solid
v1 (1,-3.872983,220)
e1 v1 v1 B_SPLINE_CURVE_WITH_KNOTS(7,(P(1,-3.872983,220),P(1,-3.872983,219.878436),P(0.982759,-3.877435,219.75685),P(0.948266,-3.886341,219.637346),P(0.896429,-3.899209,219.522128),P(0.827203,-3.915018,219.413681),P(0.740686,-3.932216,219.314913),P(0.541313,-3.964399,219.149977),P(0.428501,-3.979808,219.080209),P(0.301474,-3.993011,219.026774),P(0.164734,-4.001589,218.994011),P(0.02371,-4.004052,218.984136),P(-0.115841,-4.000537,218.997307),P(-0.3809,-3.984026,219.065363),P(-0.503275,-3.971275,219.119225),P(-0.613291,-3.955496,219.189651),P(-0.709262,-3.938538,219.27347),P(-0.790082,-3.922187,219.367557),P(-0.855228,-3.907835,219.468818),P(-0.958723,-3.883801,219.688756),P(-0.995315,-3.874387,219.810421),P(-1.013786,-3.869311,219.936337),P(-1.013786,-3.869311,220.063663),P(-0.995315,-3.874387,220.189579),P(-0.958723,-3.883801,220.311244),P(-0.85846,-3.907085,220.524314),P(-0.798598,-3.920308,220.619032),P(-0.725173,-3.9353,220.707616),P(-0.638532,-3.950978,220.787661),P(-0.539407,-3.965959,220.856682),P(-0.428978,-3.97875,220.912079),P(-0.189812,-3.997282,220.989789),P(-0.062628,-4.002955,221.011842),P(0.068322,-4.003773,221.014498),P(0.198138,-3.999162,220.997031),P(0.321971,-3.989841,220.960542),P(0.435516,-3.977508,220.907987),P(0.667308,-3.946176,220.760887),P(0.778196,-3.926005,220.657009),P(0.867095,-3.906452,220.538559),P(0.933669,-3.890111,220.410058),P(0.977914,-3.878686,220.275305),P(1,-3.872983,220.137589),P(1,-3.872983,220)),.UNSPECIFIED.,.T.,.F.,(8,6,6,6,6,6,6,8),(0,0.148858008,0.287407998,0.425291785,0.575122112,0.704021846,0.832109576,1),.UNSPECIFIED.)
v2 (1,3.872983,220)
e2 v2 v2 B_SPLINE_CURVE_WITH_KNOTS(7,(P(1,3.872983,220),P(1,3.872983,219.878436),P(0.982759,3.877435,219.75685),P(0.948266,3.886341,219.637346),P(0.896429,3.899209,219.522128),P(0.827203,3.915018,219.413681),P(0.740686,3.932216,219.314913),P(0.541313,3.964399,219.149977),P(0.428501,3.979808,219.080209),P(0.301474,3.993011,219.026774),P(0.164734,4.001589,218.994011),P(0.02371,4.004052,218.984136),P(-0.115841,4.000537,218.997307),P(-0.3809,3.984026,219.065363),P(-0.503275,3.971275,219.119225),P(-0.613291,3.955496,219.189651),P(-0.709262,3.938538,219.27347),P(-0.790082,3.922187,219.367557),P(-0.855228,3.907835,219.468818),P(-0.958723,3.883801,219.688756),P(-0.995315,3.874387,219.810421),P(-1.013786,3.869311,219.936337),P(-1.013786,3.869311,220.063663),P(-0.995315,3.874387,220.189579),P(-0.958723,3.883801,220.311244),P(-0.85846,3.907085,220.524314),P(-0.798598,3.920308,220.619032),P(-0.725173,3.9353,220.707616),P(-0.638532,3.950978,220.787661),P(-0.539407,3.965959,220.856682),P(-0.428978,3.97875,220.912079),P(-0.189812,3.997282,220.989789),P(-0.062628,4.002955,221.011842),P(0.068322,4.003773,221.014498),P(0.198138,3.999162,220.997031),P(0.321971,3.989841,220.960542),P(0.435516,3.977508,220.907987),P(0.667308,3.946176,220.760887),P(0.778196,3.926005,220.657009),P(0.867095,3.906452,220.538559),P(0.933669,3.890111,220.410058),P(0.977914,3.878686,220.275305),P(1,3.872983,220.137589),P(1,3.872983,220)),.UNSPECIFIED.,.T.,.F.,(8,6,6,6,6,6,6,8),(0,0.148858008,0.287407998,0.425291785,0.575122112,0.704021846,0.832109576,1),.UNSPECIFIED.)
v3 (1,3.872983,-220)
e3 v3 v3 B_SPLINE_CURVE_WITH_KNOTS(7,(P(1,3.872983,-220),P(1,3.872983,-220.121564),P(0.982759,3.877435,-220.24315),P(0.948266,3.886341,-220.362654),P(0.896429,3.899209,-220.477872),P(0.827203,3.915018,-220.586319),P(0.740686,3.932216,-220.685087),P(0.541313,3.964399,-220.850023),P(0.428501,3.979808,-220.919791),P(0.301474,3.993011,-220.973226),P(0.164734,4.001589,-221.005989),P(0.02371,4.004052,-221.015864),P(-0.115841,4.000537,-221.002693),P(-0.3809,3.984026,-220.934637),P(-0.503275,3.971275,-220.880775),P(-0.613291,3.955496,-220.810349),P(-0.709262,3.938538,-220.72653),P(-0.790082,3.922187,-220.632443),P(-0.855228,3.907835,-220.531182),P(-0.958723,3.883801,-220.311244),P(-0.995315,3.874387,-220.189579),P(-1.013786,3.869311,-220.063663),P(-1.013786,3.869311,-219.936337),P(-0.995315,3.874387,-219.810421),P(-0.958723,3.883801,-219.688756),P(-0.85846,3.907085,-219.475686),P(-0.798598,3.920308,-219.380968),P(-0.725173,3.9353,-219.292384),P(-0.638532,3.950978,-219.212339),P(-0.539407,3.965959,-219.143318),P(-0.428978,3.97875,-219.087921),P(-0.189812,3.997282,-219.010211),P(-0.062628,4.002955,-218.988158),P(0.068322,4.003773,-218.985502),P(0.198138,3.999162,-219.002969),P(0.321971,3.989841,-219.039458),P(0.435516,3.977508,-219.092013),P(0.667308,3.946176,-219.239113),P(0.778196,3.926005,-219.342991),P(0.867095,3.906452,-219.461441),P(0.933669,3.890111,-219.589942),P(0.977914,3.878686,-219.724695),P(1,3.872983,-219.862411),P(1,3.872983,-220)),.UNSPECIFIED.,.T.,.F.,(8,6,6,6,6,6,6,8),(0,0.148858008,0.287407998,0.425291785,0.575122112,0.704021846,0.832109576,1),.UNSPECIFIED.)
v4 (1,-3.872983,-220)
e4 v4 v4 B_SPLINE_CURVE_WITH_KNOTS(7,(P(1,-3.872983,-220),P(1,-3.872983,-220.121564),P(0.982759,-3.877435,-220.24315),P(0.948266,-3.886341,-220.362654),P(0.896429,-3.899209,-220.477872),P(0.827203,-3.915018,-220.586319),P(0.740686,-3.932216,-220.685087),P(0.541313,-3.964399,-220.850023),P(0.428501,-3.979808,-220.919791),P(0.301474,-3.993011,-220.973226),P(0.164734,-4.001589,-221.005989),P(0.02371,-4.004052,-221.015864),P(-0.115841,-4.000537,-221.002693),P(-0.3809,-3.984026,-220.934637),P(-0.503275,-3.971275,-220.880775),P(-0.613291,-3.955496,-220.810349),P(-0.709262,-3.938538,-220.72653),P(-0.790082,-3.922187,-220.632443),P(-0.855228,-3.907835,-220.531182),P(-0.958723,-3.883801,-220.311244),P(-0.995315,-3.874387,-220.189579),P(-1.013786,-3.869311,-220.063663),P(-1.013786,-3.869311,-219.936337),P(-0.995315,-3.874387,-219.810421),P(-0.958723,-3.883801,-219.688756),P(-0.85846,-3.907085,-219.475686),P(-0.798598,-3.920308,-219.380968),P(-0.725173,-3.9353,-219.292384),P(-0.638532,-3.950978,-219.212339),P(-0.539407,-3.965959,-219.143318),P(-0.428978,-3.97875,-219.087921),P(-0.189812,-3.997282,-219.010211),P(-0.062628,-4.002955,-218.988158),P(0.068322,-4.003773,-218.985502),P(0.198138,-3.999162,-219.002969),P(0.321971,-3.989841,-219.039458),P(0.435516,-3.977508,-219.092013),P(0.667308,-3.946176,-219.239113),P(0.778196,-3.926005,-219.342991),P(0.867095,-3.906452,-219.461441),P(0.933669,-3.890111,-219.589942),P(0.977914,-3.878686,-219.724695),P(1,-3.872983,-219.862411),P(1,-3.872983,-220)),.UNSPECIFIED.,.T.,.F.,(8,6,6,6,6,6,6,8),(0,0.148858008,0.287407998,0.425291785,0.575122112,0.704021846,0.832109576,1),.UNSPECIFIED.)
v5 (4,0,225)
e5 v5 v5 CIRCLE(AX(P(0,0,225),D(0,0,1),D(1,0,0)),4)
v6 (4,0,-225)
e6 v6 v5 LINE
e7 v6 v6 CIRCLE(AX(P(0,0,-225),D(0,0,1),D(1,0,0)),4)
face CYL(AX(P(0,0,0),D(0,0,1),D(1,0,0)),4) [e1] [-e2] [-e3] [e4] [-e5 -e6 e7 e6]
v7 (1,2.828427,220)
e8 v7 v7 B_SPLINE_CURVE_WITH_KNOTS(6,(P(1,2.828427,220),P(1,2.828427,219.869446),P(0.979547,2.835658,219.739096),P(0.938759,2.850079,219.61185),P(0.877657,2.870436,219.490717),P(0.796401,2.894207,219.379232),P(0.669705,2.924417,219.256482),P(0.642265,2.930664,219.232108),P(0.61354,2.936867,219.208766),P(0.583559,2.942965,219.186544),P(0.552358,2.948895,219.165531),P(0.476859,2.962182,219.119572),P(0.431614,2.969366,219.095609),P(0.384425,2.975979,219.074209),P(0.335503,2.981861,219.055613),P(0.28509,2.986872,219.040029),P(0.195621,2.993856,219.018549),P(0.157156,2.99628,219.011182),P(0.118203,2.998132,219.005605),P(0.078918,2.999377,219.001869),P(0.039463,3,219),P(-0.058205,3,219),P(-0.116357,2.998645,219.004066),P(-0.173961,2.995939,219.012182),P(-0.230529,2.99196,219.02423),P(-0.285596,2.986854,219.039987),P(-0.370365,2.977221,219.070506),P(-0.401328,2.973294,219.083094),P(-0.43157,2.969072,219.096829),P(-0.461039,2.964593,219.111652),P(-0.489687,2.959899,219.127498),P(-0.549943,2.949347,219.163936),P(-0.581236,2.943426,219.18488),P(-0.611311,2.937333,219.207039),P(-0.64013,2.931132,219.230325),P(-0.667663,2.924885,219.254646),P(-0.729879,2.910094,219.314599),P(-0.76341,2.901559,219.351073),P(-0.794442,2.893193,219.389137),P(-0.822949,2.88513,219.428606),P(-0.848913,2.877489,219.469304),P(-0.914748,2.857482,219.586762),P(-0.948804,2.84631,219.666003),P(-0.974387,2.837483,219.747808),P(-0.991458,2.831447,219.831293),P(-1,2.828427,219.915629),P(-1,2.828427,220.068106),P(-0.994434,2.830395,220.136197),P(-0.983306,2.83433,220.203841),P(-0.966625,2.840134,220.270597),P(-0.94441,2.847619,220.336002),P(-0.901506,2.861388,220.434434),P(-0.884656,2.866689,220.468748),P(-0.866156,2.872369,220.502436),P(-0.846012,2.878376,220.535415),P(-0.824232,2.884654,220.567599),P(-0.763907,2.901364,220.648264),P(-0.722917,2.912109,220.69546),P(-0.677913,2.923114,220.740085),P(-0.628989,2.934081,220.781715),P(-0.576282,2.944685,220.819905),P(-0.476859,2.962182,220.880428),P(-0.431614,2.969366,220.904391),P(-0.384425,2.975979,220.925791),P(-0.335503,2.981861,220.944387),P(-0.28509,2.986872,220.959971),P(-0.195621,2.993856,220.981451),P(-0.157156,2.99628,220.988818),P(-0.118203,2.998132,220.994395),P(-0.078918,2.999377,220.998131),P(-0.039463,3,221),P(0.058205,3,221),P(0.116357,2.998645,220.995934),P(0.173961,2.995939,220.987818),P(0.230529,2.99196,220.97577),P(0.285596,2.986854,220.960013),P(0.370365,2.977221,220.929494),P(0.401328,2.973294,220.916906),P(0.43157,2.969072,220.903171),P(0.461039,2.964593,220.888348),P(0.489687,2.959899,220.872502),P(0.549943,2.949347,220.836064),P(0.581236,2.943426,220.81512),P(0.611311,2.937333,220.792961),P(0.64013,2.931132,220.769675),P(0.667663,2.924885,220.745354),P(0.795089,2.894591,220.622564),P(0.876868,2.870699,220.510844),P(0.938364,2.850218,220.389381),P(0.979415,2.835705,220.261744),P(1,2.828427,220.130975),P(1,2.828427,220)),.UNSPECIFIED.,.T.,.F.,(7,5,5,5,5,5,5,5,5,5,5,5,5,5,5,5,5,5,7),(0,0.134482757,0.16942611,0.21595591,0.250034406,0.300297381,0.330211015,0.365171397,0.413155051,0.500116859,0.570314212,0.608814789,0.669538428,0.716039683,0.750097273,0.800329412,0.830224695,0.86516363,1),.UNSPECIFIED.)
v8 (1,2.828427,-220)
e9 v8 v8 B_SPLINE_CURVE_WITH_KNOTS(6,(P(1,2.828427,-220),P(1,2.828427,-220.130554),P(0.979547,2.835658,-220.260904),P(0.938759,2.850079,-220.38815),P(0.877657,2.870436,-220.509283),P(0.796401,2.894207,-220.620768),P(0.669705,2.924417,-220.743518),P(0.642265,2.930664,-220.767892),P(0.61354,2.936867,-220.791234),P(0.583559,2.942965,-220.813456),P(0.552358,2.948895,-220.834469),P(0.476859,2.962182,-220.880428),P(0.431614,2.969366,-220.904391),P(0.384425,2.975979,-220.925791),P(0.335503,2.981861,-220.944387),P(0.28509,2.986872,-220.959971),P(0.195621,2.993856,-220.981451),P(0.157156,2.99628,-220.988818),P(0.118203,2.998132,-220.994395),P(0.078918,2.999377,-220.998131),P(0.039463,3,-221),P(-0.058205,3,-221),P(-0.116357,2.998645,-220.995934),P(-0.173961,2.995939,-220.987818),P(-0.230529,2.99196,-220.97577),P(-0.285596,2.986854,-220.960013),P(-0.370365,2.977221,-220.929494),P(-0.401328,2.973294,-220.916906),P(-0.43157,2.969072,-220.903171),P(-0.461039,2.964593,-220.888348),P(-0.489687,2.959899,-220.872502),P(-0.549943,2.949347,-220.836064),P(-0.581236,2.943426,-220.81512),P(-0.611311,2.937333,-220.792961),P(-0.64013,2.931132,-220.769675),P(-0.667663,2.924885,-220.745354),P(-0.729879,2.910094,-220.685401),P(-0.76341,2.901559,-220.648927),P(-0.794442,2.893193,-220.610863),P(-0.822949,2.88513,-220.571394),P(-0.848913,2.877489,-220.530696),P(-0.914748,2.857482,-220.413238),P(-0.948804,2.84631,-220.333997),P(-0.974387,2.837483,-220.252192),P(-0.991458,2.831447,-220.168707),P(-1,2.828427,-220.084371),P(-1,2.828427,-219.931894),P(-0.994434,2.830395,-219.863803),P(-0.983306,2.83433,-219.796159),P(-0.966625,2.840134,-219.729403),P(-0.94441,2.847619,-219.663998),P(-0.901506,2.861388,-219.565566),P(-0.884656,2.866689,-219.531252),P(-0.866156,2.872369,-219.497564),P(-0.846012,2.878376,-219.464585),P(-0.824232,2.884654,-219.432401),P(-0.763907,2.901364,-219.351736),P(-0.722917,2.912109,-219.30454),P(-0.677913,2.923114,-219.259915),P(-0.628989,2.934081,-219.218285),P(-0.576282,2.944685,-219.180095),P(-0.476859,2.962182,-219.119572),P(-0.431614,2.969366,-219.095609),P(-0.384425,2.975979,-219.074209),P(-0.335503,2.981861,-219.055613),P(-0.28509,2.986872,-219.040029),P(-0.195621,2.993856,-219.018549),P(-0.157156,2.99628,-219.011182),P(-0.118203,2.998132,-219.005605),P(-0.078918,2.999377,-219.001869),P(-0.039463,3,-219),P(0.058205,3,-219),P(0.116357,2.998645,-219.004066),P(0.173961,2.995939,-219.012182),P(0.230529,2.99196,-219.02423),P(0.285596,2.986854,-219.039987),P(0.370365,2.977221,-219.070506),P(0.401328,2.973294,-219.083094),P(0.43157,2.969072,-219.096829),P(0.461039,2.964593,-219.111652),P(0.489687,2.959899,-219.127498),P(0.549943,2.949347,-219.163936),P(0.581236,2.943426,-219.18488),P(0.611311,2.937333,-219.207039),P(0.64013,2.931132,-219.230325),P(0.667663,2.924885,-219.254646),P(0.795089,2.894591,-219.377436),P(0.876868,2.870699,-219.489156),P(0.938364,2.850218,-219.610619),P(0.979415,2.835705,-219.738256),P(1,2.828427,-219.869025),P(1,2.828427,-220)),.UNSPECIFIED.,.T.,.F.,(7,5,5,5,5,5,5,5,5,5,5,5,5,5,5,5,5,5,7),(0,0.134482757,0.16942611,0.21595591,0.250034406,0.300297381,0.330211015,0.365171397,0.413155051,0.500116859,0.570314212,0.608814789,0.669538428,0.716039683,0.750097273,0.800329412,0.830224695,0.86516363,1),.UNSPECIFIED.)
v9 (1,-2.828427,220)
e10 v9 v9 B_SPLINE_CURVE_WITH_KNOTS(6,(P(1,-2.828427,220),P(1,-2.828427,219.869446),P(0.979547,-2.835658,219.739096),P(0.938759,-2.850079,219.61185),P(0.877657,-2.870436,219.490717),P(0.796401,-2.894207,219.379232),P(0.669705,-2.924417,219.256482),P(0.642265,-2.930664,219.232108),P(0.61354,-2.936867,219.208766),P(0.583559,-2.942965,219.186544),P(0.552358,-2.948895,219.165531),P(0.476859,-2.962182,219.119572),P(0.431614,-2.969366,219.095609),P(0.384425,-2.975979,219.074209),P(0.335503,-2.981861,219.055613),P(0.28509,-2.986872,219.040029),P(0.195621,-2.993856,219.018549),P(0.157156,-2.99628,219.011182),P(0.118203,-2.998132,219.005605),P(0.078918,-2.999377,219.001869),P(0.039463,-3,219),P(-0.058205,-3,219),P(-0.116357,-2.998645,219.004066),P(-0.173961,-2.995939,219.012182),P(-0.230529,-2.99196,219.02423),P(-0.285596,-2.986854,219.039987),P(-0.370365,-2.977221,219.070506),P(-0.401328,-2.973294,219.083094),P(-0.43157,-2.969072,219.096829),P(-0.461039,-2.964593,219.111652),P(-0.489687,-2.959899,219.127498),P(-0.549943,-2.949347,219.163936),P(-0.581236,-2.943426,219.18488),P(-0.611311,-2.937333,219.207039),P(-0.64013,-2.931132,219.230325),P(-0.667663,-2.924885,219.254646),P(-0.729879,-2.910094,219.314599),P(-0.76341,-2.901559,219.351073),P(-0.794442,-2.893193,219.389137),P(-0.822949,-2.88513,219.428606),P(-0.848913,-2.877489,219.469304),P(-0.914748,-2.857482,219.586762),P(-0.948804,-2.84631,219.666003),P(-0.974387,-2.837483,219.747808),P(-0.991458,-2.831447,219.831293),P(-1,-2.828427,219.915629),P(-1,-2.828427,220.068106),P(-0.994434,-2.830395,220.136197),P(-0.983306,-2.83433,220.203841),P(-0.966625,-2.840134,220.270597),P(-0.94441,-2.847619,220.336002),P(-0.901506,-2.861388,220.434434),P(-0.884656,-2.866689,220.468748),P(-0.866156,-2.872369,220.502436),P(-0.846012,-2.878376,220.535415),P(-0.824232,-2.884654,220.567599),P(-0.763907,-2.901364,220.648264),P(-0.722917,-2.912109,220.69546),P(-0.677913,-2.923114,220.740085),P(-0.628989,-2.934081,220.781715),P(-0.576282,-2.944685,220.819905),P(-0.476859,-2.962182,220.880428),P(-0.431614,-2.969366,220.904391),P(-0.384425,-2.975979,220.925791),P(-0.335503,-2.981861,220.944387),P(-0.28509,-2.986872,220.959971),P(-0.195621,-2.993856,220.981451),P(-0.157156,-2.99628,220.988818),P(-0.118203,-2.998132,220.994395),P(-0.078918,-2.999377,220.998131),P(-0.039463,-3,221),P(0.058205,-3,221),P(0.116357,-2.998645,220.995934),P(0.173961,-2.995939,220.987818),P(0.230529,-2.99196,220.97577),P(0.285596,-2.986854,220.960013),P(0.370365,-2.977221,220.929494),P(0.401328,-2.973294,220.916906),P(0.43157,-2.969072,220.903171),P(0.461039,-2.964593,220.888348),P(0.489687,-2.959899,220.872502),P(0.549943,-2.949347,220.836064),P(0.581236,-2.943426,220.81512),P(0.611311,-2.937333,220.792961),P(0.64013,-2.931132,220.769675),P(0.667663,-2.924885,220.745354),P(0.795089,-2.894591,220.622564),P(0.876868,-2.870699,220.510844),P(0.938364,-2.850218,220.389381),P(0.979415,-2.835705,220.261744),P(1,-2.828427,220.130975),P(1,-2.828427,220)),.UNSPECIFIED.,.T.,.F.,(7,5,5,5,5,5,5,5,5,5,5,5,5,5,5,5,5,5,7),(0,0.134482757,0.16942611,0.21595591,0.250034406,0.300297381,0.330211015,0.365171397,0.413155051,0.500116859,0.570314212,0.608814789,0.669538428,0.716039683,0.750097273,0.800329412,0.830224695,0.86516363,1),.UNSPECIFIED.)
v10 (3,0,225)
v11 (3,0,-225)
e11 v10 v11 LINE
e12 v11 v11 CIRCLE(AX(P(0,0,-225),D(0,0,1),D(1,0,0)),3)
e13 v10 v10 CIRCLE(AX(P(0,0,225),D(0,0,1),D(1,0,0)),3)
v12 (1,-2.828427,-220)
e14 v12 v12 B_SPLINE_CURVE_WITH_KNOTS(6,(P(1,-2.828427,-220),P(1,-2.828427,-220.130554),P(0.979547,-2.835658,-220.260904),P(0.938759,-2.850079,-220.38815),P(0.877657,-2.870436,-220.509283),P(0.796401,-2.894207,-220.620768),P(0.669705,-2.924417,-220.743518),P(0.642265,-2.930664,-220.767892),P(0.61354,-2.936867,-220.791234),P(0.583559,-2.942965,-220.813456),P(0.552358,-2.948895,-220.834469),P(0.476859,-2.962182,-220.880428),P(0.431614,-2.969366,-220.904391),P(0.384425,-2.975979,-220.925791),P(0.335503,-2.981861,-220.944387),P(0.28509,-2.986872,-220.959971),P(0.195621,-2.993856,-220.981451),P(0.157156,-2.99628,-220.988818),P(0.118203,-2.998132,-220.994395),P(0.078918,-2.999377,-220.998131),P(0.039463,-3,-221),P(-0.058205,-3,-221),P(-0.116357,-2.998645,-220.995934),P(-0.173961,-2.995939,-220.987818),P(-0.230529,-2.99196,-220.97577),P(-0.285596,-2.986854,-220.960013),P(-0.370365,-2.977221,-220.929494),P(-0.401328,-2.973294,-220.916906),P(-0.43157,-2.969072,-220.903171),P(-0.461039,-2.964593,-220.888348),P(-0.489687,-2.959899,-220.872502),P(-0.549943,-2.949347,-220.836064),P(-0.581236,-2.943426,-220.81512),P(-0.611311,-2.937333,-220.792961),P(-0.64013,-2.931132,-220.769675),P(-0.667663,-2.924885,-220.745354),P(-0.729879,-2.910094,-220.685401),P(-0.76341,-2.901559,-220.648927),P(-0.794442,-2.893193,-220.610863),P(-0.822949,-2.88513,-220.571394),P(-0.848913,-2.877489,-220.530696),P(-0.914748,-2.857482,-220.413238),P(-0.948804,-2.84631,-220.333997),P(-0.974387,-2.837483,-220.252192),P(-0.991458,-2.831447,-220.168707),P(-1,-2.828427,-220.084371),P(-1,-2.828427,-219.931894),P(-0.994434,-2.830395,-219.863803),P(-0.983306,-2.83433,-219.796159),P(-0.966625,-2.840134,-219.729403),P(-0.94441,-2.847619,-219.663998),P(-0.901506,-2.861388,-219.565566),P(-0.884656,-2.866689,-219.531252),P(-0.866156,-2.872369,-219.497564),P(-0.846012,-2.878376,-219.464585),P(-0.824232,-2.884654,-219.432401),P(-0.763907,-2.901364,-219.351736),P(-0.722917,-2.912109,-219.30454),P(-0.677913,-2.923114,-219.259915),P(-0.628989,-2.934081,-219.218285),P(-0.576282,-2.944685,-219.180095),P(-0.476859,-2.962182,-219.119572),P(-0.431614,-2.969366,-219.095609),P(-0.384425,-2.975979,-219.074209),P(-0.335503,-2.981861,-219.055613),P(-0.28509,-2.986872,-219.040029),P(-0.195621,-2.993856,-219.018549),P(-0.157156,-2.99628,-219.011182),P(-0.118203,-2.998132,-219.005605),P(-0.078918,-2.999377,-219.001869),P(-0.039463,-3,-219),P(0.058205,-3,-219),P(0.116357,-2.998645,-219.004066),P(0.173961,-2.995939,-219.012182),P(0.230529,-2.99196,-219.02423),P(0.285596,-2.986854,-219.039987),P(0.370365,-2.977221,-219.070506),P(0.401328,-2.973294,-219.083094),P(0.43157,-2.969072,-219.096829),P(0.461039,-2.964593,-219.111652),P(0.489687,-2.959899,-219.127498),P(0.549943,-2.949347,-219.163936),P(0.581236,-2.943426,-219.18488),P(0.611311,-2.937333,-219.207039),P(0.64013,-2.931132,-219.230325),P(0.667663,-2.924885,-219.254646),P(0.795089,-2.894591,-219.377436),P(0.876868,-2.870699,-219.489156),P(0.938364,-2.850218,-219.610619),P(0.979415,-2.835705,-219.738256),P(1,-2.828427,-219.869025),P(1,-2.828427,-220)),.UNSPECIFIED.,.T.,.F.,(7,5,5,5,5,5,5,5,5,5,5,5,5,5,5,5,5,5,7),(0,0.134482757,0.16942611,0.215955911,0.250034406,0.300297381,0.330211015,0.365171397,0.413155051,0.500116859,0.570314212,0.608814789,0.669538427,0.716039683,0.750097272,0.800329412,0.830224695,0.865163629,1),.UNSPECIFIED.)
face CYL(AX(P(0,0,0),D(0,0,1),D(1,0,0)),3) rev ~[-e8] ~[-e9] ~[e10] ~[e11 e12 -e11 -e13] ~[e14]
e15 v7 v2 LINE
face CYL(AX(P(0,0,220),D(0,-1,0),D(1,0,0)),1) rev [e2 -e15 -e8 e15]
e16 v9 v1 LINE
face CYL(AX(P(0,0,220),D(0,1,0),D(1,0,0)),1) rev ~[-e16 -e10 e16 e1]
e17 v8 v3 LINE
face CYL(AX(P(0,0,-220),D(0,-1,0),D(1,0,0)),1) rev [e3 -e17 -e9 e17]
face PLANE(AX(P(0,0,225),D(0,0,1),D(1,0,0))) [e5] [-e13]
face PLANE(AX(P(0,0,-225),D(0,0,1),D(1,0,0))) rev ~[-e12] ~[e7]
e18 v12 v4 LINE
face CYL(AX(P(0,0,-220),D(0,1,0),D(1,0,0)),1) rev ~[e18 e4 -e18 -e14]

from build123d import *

# Parameters (mm, degrees)
SKETCH_1_R               = 4
SKETCH_1_R_2             = 3
EXTRUDE_1_DEPTH          = 225
EXTRUDE_1_DEPTH_BACK     = 225
SKETCH_3_R               = 1
CUT_EXTRUDE_2_DEPTH      = 5
CUT_EXTRUDE_2_DEPTH_BACK = 5


with BuildPart() as part:
    # 草图1 → 凸台-拉伸1 (new body, two sides)
    with BuildSketch(Plane.XY) as extrude_1_sk:
        Circle(SKETCH_1_R)
        Circle(SKETCH_1_R_2, mode=Mode.SUBTRACT)
    extrude(amount=EXTRUDE_1_DEPTH)
    extrude(extrude_1_sk.sketch, amount=-EXTRUDE_1_DEPTH_BACK)

    # 草图3 → 切除-拉伸2 (cut, two sides)
    with BuildSketch(Plane(origin=(0, 0, 0), x_dir=(1, 0, 0), z_dir=(0, 1, 0))) as cut_extrude_2_sk:
        with Locations((0, 220)):
            Circle(SKETCH_3_R)
        with Locations((0, -220)):
            Circle(SKETCH_3_R)
    extrude(amount=CUT_EXTRUDE_2_DEPTH, mode=Mode.SUBTRACT)
    extrude(cut_extrude_2_sk.sketch, amount=-CUT_EXTRUDE_2_DEPTH_BACK, mode=Mode.SUBTRACT)


solid = part.part
